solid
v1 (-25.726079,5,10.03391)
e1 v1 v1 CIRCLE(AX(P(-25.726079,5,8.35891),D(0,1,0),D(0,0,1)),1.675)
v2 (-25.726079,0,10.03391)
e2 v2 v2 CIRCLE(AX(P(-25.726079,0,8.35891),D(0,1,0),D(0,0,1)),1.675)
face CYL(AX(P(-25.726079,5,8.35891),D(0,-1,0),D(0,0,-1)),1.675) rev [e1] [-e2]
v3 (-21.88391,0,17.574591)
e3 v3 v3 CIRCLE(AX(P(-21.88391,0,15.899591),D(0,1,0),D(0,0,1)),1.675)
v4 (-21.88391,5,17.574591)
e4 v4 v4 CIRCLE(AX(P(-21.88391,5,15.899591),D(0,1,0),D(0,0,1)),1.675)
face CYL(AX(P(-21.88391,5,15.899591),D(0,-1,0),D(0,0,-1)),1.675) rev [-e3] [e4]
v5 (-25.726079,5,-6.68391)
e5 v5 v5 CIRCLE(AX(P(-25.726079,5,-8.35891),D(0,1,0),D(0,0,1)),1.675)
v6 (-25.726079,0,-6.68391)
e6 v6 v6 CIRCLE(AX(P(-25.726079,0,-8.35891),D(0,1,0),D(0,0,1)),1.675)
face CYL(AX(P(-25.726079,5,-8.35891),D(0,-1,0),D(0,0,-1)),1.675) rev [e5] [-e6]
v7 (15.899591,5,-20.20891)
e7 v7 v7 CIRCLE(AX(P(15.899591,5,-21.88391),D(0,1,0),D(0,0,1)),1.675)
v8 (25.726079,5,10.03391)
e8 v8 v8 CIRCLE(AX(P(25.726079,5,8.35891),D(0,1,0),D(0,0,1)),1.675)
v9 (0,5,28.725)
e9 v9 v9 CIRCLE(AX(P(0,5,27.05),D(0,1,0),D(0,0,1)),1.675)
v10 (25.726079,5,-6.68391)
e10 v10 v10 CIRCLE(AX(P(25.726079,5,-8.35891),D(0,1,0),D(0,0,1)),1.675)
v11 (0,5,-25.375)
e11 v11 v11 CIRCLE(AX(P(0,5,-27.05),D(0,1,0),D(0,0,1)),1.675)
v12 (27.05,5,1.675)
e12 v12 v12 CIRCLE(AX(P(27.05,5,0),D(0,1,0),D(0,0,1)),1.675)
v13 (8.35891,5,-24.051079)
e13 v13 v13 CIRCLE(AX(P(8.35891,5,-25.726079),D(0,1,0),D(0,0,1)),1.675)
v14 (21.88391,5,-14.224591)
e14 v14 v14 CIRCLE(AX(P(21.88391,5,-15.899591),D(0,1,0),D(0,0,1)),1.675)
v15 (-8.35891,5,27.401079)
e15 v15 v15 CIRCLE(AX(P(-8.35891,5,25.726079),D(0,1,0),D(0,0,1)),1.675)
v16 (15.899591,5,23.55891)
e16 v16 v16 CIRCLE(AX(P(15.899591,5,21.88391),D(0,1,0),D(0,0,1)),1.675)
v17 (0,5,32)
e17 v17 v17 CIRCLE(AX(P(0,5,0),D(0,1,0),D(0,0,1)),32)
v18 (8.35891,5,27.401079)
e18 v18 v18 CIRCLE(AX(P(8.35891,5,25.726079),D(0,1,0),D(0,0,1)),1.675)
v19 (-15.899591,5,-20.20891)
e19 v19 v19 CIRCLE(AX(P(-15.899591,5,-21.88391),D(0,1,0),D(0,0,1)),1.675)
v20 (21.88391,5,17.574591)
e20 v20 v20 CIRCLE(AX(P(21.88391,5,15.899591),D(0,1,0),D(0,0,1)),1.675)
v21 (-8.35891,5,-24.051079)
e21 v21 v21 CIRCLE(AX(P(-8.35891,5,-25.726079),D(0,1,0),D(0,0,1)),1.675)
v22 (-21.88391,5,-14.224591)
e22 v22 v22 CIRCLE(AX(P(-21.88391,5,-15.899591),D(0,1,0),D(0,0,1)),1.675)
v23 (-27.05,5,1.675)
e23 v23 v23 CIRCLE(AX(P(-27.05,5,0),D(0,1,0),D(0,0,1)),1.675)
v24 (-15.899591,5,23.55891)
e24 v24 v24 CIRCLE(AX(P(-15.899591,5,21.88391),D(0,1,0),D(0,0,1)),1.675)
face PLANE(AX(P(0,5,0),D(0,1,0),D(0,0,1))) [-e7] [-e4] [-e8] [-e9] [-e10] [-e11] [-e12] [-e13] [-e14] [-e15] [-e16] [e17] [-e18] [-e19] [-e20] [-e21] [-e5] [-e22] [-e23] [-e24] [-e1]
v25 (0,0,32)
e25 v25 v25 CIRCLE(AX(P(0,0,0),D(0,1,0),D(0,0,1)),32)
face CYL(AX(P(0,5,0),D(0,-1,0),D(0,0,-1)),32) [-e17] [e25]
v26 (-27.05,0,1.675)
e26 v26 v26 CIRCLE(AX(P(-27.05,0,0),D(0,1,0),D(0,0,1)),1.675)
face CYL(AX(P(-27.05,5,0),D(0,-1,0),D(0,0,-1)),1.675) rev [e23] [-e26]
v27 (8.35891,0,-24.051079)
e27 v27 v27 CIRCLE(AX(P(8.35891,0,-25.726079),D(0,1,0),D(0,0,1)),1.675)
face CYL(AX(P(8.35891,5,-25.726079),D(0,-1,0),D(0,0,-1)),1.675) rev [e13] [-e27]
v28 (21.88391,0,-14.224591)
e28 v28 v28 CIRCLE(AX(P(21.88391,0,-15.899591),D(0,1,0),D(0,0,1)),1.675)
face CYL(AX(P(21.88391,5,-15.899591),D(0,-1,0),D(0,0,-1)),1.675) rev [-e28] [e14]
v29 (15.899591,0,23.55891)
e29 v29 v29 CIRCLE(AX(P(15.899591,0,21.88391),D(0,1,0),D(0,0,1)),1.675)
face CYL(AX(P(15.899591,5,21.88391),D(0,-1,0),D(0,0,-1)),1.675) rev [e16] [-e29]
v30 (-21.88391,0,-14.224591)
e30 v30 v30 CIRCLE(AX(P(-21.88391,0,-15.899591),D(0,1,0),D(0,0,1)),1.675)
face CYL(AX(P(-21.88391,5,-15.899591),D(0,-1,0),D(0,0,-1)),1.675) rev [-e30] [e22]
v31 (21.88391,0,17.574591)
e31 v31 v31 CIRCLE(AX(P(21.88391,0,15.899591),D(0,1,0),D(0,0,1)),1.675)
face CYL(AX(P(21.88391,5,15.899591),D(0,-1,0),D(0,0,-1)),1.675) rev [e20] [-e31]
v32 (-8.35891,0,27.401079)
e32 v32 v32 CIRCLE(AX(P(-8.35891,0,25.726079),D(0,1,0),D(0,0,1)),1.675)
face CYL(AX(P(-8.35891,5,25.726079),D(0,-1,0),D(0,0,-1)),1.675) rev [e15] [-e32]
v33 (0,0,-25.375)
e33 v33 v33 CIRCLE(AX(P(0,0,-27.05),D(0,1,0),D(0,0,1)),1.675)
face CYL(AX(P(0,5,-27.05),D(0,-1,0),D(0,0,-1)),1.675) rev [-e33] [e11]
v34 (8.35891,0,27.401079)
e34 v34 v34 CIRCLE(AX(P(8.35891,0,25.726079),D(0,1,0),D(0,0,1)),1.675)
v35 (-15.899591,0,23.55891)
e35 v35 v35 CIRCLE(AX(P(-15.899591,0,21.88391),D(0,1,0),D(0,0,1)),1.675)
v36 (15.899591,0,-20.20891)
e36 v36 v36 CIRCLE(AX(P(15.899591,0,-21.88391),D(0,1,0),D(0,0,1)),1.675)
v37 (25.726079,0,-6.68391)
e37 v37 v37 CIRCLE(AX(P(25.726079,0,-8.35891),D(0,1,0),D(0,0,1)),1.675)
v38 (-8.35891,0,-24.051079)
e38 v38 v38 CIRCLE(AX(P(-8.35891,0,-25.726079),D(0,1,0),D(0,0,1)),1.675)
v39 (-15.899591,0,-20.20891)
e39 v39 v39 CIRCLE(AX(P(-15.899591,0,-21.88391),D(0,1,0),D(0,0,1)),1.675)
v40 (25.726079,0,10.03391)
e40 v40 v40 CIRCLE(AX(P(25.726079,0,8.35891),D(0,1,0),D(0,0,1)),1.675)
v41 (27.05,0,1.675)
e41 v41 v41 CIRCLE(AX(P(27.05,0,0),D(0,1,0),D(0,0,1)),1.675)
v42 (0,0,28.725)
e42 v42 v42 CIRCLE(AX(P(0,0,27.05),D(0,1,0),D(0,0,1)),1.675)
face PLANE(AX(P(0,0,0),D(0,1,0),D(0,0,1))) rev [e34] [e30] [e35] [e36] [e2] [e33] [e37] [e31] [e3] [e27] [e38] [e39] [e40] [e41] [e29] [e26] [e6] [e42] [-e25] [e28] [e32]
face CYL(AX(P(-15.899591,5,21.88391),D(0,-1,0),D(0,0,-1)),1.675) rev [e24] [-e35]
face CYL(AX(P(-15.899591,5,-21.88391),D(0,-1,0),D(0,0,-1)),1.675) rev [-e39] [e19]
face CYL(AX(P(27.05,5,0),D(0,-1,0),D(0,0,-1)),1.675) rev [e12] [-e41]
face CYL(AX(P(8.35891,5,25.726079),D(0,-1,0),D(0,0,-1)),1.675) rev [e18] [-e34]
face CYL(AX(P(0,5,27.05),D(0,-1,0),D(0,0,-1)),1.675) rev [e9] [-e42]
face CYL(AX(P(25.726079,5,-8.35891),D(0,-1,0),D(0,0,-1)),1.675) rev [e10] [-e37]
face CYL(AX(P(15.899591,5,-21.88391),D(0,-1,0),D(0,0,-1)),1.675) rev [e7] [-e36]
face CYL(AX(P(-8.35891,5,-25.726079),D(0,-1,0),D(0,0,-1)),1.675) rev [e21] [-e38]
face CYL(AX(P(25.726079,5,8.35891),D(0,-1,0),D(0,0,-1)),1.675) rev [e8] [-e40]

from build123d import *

# Parameters (mm, degrees)
SKETCH1_R           = 32
SKETCH1_R_2         = 1.675
BOSS_EXTRUDE1_DEPTH = 5


with BuildPart() as part:
    # Sketch1 → Boss-Extrude1 (new body)
    with BuildSketch(Plane(origin=(0, 0, 0), x_dir=(1, 0, 0), z_dir=(0, 1, 0))):
        with Locations(Location((0, 0, 0), (0, 0, 270))):
            Circle(SKETCH1_R)
        with Locations(Location((0, -27.05, 0), (0, 0, 270))):
            Circle(SKETCH1_R_2, mode=Mode.SUBTRACT)
        with Locations(Location((-8.358909698, -25.726078766, 0), (0, 0, 270))):
            Circle(SKETCH1_R_2, mode=Mode.SUBTRACT)
        with Locations(Location((-15.899591075, -21.883909698, 0), (0, 0, 270))):
            Circle(SKETCH1_R_2, mode=Mode.SUBTRACT)
        with Locations(Location((-21.883909698, -15.899591075, 0), (0, 0, 270))):
            Circle(SKETCH1_R_2, mode=Mode.SUBTRACT)
        with Locations(Location((-25.726078766, -8.358909698, 0), (0, 0, 270))):
            Circle(SKETCH1_R_2, mode=Mode.SUBTRACT)
        with Locations(Location((-27.05, 0, 0), (0, 0, 270))):
            Circle(SKETCH1_R_2, mode=Mode.SUBTRACT)
        with Locations(Location((-25.726078766, 8.358909698, 0), (0, 0, 270))):
            Circle(SKETCH1_R_2, mode=Mode.SUBTRACT)
        with Locations(Location((-21.883909698, 15.899591075, 0), (0, 0, 270))):
            Circle(SKETCH1_R_2, mode=Mode.SUBTRACT)
        with Locations(Location((-15.899591075, 21.883909698, 0), (0, 0, 270))):
            Circle(SKETCH1_R_2, mode=Mode.SUBTRACT)
        with Locations(Location((-8.358909698, 25.726078766, 0), (0, 0, 270))):
            Circle(SKETCH1_R_2, mode=Mode.SUBTRACT)
        with Locations(Location((0, 27.05, 0), (0, 0, 270))):
            Circle(SKETCH1_R_2, mode=Mode.SUBTRACT)
        with Locations(Location((8.358909698, 25.726078766, 0), (0, 0, 270))):
            Circle(SKETCH1_R_2, mode=Mode.SUBTRACT)
        with Locations(Location((15.899591075, 21.883909698, 0), (0, 0, 270))):
            Circle(SKETCH1_R_2, mode=Mode.SUBTRACT)
        with Locations(Location((21.883909698, 15.899591075, 0), (0, 0, 270))):
            Circle(SKETCH1_R_2, mode=Mode.SUBTRACT)
        with Locations(Location((25.726078766, 8.358909698, 0), (0, 0, 270))):
            Circle(SKETCH1_R_2, mode=Mode.SUBTRACT)
        with Locations(Location((27.05, 0, 0), (0, 0, 270))):
            Circle(SKETCH1_R_2, mode=Mode.SUBTRACT)
        with Locations(Location((25.726078766, -8.358909698, 0), (0, 0, 270))):
            Circle(SKETCH1_R_2, mode=Mode.SUBTRACT)
        with Locations(Location((21.883909698, -15.899591075, 0), (0, 0, 270))):
            Circle(SKETCH1_R_2, mode=Mode.SUBTRACT)
        with Locations(Location((15.899591075, -21.883909698, 0), (0, 0, 270))):
            Circle(SKETCH1_R_2, mode=Mode.SUBTRACT)
        with Locations(Location((8.358909698, -25.726078766, 0), (0, 0, 270))):
            Circle(SKETCH1_R_2, mode=Mode.SUBTRACT)
    extrude(amount=BOSS_EXTRUDE1_DEPTH)


solid = part.part
